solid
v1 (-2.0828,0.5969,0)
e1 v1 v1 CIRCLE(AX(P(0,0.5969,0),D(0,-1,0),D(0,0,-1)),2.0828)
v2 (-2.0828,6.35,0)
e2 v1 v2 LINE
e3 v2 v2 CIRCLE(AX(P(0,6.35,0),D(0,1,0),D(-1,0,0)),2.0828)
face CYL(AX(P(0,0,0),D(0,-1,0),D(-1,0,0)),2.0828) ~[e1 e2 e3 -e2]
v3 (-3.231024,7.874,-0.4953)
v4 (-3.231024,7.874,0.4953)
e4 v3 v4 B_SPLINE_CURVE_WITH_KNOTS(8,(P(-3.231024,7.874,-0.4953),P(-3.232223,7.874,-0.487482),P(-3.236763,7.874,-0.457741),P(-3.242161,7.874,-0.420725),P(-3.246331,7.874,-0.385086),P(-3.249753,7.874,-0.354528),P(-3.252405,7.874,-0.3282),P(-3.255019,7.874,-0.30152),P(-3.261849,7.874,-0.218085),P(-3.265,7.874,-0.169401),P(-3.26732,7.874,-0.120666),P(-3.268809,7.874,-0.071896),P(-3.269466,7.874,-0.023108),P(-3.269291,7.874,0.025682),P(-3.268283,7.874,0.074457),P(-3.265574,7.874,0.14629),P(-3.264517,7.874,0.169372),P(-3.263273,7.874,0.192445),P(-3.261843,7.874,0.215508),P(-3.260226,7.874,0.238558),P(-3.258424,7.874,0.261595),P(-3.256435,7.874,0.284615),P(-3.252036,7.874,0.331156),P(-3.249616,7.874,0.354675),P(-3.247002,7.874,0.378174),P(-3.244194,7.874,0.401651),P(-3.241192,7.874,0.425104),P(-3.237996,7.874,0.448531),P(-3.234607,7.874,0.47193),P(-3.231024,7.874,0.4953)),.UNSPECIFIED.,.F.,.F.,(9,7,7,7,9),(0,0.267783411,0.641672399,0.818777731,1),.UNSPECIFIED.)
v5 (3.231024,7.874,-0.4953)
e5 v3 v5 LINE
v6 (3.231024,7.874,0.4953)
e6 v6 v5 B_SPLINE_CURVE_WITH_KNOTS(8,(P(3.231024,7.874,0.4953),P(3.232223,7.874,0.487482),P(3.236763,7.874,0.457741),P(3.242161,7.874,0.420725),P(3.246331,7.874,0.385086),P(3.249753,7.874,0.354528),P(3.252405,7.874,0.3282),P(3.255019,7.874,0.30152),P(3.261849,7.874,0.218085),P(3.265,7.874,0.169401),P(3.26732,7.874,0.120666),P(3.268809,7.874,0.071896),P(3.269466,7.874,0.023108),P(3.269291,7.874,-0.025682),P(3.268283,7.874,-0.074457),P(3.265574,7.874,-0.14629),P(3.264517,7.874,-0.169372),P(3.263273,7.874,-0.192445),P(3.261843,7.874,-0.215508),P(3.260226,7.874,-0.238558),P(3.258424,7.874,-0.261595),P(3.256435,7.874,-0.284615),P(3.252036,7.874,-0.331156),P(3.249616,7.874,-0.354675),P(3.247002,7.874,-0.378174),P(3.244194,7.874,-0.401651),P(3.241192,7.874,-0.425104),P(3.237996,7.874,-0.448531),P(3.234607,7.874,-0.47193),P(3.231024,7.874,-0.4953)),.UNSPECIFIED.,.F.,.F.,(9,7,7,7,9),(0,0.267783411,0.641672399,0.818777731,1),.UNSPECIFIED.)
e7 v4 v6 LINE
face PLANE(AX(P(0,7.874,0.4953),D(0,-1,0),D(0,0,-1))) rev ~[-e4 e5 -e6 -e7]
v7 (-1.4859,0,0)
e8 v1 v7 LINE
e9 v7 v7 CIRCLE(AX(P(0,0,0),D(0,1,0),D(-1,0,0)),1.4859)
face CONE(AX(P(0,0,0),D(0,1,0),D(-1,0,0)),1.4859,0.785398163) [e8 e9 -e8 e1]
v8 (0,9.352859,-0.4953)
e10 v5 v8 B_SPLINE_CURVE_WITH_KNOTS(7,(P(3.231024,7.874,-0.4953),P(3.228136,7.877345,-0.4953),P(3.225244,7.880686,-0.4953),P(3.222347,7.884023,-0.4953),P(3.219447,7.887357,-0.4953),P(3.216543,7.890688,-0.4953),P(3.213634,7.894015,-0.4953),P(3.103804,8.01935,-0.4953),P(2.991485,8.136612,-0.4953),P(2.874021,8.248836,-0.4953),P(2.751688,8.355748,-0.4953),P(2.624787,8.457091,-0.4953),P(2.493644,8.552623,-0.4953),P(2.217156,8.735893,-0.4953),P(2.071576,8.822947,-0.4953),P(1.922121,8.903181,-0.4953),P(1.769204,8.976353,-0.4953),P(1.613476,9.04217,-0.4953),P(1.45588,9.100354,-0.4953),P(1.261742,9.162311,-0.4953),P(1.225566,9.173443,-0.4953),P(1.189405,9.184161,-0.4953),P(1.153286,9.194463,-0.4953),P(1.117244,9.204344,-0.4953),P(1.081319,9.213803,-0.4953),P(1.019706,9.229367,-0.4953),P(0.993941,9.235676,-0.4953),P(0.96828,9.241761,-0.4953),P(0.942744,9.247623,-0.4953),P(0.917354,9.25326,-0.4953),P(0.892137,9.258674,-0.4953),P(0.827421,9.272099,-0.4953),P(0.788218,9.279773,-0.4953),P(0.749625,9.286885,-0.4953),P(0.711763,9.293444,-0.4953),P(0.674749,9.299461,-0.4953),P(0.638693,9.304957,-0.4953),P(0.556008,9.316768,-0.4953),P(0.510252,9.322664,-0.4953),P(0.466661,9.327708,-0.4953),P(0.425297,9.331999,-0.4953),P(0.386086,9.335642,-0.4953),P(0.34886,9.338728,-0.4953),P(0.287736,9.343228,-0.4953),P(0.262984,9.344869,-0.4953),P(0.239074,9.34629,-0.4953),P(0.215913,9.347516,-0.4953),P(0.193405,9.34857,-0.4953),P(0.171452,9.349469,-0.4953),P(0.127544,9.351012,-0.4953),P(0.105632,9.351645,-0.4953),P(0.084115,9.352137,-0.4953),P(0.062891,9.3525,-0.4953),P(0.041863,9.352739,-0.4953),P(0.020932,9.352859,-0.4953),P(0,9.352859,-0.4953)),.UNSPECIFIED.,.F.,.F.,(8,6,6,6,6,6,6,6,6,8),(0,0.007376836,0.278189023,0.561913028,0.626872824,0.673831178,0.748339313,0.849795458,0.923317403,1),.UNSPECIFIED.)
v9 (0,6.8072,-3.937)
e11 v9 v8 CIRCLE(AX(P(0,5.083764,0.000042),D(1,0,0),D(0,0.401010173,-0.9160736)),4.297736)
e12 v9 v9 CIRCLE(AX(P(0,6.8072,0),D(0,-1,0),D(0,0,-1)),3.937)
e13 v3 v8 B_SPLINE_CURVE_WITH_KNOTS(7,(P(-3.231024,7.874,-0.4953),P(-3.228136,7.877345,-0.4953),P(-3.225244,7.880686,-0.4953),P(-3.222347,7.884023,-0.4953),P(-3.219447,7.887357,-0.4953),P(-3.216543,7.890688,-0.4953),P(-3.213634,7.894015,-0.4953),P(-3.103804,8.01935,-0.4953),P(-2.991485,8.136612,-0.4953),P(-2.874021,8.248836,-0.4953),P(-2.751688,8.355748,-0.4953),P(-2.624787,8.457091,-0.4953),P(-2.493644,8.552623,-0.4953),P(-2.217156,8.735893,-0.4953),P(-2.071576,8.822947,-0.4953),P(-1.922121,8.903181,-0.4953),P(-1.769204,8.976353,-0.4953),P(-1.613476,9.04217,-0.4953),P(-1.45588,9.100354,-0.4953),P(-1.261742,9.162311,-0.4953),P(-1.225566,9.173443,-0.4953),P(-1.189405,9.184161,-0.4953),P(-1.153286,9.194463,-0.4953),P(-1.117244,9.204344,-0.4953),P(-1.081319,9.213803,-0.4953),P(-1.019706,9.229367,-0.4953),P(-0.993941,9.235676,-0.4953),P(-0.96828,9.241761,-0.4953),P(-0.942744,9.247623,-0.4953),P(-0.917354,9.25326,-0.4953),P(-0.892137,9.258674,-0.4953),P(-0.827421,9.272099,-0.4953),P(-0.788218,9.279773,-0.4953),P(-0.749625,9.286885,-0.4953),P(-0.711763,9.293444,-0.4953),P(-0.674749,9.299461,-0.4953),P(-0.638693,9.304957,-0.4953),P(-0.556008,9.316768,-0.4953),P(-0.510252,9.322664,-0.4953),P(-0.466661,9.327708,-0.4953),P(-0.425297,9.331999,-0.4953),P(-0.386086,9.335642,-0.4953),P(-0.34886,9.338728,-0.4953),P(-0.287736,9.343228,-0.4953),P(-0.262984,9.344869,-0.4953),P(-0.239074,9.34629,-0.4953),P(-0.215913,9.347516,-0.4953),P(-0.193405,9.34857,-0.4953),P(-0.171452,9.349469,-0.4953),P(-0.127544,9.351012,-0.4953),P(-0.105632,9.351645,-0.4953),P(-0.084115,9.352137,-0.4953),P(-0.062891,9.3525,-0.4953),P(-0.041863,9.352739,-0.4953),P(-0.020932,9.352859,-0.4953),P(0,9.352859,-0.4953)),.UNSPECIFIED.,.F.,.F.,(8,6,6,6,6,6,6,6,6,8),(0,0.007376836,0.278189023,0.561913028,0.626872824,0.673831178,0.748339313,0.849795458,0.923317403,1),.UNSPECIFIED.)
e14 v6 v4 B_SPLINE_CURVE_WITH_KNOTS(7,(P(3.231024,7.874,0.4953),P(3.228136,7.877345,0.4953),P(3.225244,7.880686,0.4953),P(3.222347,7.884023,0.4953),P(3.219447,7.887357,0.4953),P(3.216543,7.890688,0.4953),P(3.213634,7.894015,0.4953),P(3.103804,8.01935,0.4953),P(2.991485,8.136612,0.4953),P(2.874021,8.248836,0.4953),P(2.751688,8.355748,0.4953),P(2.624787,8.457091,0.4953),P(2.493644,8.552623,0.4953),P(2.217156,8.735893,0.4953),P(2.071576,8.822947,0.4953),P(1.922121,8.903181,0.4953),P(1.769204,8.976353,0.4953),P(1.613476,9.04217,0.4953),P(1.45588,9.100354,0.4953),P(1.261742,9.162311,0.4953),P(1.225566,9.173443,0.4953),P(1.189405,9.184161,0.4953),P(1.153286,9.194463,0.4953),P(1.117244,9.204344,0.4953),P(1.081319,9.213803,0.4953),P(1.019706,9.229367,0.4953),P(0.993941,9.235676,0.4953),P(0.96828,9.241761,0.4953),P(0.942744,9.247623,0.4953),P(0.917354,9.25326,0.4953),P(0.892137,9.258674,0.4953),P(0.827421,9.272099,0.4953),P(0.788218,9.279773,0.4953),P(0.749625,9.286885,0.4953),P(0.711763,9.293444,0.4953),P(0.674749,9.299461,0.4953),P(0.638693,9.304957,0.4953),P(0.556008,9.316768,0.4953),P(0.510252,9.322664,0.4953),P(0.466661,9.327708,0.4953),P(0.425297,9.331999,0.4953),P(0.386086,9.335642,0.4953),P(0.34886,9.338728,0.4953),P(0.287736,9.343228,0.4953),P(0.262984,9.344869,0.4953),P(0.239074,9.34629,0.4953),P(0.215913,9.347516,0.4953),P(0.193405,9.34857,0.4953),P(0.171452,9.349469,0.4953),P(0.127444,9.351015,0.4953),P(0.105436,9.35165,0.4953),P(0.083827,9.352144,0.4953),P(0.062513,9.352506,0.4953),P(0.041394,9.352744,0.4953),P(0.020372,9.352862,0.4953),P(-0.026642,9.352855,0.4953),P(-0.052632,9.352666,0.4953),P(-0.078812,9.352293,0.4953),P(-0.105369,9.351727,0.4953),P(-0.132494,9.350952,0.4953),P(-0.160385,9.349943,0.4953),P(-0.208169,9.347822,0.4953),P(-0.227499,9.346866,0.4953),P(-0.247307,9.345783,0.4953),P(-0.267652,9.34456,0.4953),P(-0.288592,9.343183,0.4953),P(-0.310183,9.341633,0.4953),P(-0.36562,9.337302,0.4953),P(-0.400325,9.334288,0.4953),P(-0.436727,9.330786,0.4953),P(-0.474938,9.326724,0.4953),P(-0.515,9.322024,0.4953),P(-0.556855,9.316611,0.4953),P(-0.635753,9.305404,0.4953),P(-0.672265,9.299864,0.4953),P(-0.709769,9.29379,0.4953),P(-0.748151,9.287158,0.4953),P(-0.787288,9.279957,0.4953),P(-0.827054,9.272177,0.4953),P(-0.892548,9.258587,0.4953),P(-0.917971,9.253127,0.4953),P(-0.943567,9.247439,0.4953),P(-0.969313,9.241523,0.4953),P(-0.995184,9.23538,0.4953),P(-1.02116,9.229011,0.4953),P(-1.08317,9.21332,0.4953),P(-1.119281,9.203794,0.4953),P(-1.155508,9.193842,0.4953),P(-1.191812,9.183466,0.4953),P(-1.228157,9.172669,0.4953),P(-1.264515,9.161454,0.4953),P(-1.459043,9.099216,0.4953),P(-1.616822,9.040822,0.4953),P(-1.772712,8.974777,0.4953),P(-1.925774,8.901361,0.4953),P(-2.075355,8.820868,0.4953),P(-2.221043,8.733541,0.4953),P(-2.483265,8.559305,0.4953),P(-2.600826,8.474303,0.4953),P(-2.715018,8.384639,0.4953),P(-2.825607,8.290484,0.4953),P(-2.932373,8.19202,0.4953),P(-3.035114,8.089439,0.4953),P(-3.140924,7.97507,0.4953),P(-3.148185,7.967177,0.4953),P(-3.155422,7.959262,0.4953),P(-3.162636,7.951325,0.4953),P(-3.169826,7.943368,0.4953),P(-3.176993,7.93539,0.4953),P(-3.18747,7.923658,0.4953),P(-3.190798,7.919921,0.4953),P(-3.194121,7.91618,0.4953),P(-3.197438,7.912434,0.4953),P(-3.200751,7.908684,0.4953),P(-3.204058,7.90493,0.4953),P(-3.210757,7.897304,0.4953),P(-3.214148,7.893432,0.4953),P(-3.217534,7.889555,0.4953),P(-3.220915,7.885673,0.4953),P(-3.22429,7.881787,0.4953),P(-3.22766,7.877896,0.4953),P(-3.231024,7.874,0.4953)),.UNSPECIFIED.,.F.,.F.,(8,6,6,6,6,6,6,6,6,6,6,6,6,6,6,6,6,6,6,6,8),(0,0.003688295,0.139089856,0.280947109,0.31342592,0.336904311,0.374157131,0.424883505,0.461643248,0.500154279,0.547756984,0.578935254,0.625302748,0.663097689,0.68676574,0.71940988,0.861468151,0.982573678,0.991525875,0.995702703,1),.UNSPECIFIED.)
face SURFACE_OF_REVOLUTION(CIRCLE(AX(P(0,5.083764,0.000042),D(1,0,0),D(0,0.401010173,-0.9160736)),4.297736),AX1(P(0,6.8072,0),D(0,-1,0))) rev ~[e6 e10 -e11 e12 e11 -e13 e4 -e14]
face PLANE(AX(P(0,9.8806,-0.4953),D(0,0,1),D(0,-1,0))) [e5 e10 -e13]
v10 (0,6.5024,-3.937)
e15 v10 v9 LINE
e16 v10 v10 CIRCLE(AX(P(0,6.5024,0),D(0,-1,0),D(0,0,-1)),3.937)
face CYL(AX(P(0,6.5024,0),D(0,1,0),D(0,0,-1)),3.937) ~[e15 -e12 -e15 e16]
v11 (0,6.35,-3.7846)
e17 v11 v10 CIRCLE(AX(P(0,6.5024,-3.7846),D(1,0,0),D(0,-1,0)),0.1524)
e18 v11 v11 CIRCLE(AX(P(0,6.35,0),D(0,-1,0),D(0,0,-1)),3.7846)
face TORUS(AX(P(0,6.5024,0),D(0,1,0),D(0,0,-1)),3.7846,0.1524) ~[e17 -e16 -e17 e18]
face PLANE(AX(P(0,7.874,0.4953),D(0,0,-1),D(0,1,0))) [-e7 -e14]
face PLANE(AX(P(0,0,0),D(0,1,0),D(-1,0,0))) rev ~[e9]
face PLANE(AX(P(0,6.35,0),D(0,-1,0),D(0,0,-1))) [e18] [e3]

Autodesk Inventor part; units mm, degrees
ref_plane "YZ Plane" through (0, 0, 0) normal (1, 0, 0) x (0, 1, 0)
ref_plane "XZ Plane" through (0, 0, 0) normal (0, 1, 0) x (-1, 0, 0)
ref_plane "XY Plane" through (0, 0, 0) normal (0, 0, 1) x (1, 0, 0)
sketch "Sketch1" plane through (0, 0, 0) normal (0, 1, 0) x (-1, 0, 0)
  circle A0 centre (0, 0) radius 2.0828
  dimension "d4" = 4.1656
extrude "Body" add sketch "Sketch1" along normal blind 6.35
sketch "Sketch2" plane through (0, 0, 0) normal (1, 0, 0) x (0, 1, 0)
  line L0 (6.35, -2.0828) -> (6.35, 2.0828) projected
  line L1 (6.35, 0) -> (6.35, -3.7846)
  line L2 (6.8072, 0) -> (6.35, 0)
  line L3 (6.8072, 0) -> (6.8072, -3.937)
  arc A0 (6.8072, -3.937) -> (9.3815, 0) centre (5.0838, 0) ccw
  line L4 (6.5024, -3.937) -> (6.8072, -3.937)
  line L5 (6.8072, 0) -> (9.3815, 0)
  arc A1 (6.35, -3.7846) -> (6.5024, -3.937) centre (6.5024, -3.7846) ccw
  point P0 (0, 0)
  point P1 (6.35, -3.937)
  dimension "d5" = 3.937
  dimension "d13" = 0.4572
  dimension "d57" = 3.937
  dimension "d58" = 4.2977
  dimension "d59" = 0
  dimension "d67" = 0.1524
revolve "Head" add sketch "Sketch2" angle 360 about axis through (0, 6.8072, 0) along (0, -1, 0)
feature "Thread" [suppressed]
sketch "Sketch6" plane through (0, 0, 0) normal (0, 0, 1) x (1, 0, 0)
  line L0 (0, 0) -> (-1.4859, 0)
  line L1 (2.0828, 0) -> (-2.0828, 0) projected
  line L2 (-1.4859, 0) -> (-2.4948, 1.0089)
  line L3 (-2.4948, 1.0089) -> (-2.9651, -1.2188)
  line L4 (-2.9651, -1.2188) -> (-1.4859, -1.2188)
  line L5 (-2.0828, 0) -> (-2.0828, 6.35) projected
  line L6 (-1.4859, -1.2188) -> (-1.4859, 0)
  line L7 (0, -2.9358) -> (0, 9.083) projected
  point P0 (-2.0828, 0.5969)
  dimension "d49" = 1.4859
  dimension "d50" = 135
revolve "Tapered End" cut sketch "Sketch6" angle 360 about axis through (0, -10, 0) along (0, 1, 0)
sketch "Sketch7" plane through (0, 0, 0) normal (1, 0, 0) x (0, 1, 0)
  line L0 (31.75, 4.3688) -> (31.75, -4.3688) projected
  line L1 (7.874, 0.4953) -> (7.874, -0.4953)
  line L2 (7.874, 0.4953) -> (9.8806, 0.4953)
  line L3 (9.8806, 0.4953) -> (9.8806, -0.4953)
  line L4 (9.8806, -0.4953) -> (7.874, -0.4953)
  point P0 (0, 0)
  dimension "d61" = 0.9906
  dimension "d62" = 0.4953
  dimension "d65" = 7.874
  dimension "d66" = 2.0066
extrude "Flathead" cut sketch "Sketch7" against normal mid plane 12.7
sketch "Sketch5" plane through (0, 0, 0) normal (1, 0, 0) x (0, 1, 0)
  line L0 (0.0745, -1.5621) -> (-0.2261, -2.0828)
  line L1 (-0.2261, -2.0828) -> (-0.3253, -2.0828)
  line L2 (-0.3253, -2.0828) -> (-0.626, -1.5621)
  line L3 (0.0686, -2.0828) -> (-0.7252, -2.0828) construction
  line L4 (-0.626, -1.5621) -> (0.0745, -1.5621)
  line L5 (0, -1.5621) -> (31.75, -1.5621)
  point P0 (0, 0)
  dimension "d32" = 60
  dimension "a" = 0.0992
  dimension "d46" = 0.7937
  dimension "d54" = 0.0686
  dimension "d55" = 0.5207
  dimension "d56" = 0.0992
equation "\"d56\" = a"
properties part number "AScrew .250" material "VEX Aluminum Alloy 5052-H32"
